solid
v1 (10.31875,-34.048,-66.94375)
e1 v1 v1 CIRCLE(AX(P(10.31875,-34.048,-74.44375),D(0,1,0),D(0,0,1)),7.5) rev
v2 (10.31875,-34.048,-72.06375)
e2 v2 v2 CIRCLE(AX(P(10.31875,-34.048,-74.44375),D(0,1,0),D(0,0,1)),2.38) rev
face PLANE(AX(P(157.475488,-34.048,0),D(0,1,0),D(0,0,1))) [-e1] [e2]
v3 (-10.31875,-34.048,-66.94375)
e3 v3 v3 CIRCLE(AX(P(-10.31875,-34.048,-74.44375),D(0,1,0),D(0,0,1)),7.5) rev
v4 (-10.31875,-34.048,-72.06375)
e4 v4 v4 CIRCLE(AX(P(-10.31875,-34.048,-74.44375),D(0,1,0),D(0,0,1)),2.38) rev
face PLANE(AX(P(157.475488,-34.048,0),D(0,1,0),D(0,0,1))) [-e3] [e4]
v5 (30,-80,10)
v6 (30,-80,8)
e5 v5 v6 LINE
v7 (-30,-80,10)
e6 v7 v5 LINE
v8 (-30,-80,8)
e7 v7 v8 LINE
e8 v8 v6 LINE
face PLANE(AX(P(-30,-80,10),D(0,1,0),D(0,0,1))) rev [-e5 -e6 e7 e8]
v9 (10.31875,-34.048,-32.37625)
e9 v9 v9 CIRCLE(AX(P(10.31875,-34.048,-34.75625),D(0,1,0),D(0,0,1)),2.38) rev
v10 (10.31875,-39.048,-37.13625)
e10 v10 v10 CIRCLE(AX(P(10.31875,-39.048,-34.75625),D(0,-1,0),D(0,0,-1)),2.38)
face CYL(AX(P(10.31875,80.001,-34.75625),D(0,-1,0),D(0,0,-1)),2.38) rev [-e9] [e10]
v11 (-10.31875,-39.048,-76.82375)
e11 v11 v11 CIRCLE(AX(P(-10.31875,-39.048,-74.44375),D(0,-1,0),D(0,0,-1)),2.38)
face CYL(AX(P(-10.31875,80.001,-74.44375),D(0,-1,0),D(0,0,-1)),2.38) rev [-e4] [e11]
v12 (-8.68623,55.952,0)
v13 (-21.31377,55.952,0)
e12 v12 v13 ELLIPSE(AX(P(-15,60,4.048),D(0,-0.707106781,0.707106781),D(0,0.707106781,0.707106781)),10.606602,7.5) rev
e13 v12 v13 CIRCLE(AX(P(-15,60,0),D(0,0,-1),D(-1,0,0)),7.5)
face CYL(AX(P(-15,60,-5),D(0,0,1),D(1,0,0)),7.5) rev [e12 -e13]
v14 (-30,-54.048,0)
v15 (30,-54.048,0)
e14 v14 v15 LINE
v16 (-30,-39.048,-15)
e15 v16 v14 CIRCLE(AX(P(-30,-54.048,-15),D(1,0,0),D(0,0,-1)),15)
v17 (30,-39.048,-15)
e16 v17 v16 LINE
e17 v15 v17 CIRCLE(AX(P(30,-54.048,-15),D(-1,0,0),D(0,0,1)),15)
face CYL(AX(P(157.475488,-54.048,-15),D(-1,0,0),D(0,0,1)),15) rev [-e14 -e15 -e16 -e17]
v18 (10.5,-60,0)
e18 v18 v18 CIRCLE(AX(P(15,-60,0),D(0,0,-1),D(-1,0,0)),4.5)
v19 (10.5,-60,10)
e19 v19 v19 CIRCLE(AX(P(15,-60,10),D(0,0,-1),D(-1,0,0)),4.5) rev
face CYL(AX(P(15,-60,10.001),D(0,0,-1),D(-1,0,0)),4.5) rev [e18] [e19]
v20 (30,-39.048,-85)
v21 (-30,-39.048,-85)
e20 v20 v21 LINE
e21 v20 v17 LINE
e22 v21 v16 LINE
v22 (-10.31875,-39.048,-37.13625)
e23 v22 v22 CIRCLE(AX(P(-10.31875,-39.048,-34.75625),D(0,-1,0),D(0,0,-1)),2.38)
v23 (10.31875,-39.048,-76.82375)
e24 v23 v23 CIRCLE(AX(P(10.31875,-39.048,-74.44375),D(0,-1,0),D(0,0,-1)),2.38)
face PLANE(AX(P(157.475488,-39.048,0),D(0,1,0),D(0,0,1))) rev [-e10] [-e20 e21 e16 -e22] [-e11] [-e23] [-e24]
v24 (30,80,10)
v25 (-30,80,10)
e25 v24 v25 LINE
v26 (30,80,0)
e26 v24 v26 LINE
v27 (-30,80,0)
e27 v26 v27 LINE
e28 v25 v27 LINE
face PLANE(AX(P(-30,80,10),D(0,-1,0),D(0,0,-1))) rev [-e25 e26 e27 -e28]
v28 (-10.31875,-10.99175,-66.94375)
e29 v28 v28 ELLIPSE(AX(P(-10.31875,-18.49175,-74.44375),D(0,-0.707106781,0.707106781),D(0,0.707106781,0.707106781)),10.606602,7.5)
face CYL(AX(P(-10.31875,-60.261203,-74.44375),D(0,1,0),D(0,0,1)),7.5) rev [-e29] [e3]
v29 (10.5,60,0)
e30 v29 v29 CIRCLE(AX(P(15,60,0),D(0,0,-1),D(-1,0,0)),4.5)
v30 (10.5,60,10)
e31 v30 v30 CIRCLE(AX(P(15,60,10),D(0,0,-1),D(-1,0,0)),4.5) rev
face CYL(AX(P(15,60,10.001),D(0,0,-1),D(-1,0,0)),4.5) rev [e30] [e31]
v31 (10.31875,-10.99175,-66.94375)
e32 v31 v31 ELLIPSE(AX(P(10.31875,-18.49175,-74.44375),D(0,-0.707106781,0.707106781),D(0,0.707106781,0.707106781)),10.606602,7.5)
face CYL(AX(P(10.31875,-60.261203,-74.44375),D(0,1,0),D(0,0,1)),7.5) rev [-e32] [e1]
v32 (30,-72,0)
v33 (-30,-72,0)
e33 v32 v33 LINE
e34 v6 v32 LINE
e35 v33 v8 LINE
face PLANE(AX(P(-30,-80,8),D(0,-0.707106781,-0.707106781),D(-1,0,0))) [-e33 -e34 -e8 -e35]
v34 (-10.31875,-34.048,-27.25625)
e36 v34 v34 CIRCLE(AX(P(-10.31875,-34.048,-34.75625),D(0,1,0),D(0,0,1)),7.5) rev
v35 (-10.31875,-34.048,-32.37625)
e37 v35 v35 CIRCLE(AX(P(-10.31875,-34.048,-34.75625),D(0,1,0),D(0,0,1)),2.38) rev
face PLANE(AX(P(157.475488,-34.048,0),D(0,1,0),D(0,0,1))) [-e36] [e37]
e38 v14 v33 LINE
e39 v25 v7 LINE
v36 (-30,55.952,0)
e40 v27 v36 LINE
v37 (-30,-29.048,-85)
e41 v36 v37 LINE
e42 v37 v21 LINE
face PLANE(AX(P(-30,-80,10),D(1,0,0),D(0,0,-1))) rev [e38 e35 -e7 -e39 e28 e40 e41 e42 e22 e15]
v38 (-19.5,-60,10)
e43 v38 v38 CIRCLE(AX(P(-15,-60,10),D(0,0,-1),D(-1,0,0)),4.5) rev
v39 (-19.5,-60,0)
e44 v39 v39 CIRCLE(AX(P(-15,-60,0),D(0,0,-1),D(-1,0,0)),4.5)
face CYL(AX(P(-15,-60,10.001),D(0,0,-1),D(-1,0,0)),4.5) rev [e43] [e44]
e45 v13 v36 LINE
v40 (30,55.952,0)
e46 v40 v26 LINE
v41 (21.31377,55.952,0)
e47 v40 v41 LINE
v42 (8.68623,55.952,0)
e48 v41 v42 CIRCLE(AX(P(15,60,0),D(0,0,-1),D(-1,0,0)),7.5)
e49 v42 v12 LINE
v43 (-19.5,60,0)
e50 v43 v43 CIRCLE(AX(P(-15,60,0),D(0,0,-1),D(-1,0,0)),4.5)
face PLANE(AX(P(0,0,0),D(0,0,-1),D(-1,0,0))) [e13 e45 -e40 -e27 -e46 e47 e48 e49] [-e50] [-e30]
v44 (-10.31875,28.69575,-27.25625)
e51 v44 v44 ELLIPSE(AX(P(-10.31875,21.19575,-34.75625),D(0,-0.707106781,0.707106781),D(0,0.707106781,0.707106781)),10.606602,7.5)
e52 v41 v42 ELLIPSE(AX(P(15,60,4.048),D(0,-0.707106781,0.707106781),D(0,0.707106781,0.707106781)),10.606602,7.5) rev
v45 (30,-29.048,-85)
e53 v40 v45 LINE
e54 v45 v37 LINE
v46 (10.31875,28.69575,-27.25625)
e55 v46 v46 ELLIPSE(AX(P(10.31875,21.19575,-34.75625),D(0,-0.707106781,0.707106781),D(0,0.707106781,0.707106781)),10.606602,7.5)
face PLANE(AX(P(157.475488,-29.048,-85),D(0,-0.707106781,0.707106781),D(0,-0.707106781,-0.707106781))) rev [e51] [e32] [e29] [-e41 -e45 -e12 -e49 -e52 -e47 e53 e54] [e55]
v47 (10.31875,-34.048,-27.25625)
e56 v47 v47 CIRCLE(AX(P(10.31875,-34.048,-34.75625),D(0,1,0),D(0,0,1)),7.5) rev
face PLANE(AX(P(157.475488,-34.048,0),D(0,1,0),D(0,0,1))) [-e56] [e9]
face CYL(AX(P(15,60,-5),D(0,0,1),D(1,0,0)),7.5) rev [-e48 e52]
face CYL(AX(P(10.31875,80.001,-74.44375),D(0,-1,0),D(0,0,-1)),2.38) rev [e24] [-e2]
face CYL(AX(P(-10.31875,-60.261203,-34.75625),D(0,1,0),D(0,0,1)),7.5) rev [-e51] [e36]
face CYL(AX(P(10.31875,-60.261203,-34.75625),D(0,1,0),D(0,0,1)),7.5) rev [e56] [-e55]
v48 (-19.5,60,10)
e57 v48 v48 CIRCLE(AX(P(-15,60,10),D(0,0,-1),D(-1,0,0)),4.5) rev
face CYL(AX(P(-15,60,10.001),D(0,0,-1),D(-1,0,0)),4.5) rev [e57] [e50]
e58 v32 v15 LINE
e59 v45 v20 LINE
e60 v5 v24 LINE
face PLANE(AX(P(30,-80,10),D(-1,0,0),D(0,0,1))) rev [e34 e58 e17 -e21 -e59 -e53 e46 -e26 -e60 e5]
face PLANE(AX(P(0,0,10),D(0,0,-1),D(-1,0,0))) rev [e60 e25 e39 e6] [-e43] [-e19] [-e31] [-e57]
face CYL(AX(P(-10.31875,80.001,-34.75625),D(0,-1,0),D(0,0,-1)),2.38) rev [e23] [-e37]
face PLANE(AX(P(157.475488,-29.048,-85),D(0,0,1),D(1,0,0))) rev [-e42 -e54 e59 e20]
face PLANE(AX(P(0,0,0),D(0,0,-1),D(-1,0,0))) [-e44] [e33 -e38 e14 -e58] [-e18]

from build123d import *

# Parameters (mm, degrees)
SKETCH1_W                       = 60
SKETCH1_H                       = 160
BOSS_EXTRUDE1_DEPTH             = 10
BOSS_EXTRUDE2_REACH             = 32
BOSS_EXTRUDE2_DIRECTION_2_REACH = 32
CUT_EXTRUDE1_REACH              = 121.048
SKETCH3_R                       = 2.38
CHAMFER1_SIZE                   = 8
CUT_EXTRUDE2_REACH              = 12
SKETCH4_R                       = 4.5
SKETCH5_R                       = 7.5
CUT_EXTRUDE4_DEPTH              = 114.048
SKETCH6_R                       = 7.5
CUT_EXTRUDE5_DEPTH              = 5
FILLET1_R                       = 15


with BuildPart() as part:
    # Sketch1 → Boss-Extrude1 (new body)
    with BuildSketch(Plane.XY):
        Rectangle(SKETCH1_W, SKETCH1_H)
    extrude(amount=BOSS_EXTRUDE1_DEPTH)

    # Boss-Extrude2: up to this face of the body (flat: up to its plane)
    boss_extrude2_end = Plane(part.part.faces().sort_by_distance((30, 0, 5))[0])
    # Sketch2 → Boss-Extrude2 (add, up to the picked face)
    with BuildSketch(Plane(origin=(0, 0, 0), x_dir=(0, 0, -1), z_dir=(1, 0, 0)), mode=Mode.PRIVATE) as boss_extrude2_sk1:
        Polygon((0, -29.048), (0, -39.048), (85, -39.048), (85, -29.048), (0, 55.952), align=None)
    boss_extrude2_tool1 = split(extrude(boss_extrude2_sk1.sketch, amount=BOSS_EXTRUDE2_REACH, mode=Mode.PRIVATE), bisect_by=boss_extrude2_end, keep=Keep.BOTH, mode=Mode.PRIVATE)
    add(boss_extrude2_tool1.solids().sort_by_distance((0, -7.063873, -31.031746))[0])

    # Boss-Extrude2 direction 2: up to this face of the body (flat: up to its plane)
    boss_extrude2_direction_2_end = Plane(part.part.faces().sort_by_distance((-30, 0, 5))[0])
    # Sketch2 → Boss-Extrude2 direction 2 (add, up to the picked face)
    with BuildSketch(Plane(origin=(0, 0, 0), x_dir=(0, 0, -1), z_dir=(1, 0, 0)), mode=Mode.PRIVATE) as boss_extrude2_direction_2_sk1:
        Polygon((0, -29.048), (0, -39.048), (85, -39.048), (85, -29.048), (0, 55.952), align=None)
    boss_extrude2_direction_2_tool1 = split(extrude(boss_extrude2_direction_2_sk1.sketch, amount=-BOSS_EXTRUDE2_DIRECTION_2_REACH, mode=Mode.PRIVATE), bisect_by=boss_extrude2_direction_2_end, keep=Keep.BOTH, mode=Mode.PRIVATE)
    add(boss_extrude2_direction_2_tool1.solids().sort_by_distance((0, -7.063873, -31.031746))[0])

    # Sketch3 → Cut-Extrude1 (cut, up to next)
    with BuildSketch(Plane.XZ.offset(39.048), mode=Mode.PRIVATE) as cut_extrude1_sk1:
        with Locations((-10.31875, -34.75625)):
            Circle(SKETCH3_R)
    cut_extrude1_tool1 = extrude(cut_extrude1_sk1.sketch, amount=-CUT_EXTRUDE1_REACH, mode=Mode.PRIVATE) & part.part
    add(cut_extrude1_tool1.solids().sort_by_distance((-10.31875, -39.048, -34.75625))[0], mode=Mode.SUBTRACT)
    # Sketch3 → Cut-Extrude1 (cut, up to next)
    with BuildSketch(Plane.XZ.offset(39.048), mode=Mode.PRIVATE) as cut_extrude1_sk2:
        with Locations((10.31875, -34.75625)):
            Circle(SKETCH3_R)
    cut_extrude1_tool2 = extrude(cut_extrude1_sk2.sketch, amount=-CUT_EXTRUDE1_REACH, mode=Mode.PRIVATE) & part.part
    add(cut_extrude1_tool2.solids().sort_by_distance((10.31875, -39.048, -34.75625))[0], mode=Mode.SUBTRACT)
    # Sketch3 → Cut-Extrude1 (cut, up to next)
    with BuildSketch(Plane.XZ.offset(39.048), mode=Mode.PRIVATE) as cut_extrude1_sk3:
        with Locations((10.31875, -74.44375)):
            Circle(SKETCH3_R)
    cut_extrude1_tool3 = extrude(cut_extrude1_sk3.sketch, amount=-CUT_EXTRUDE1_REACH, mode=Mode.PRIVATE) & part.part
    add(cut_extrude1_tool3.solids().sort_by_distance((10.31875, -39.048, -74.44375))[0], mode=Mode.SUBTRACT)
    # Sketch3 → Cut-Extrude1 (cut, up to next)
    with BuildSketch(Plane.XZ.offset(39.048), mode=Mode.PRIVATE) as cut_extrude1_sk4:
        with Locations((-10.31875, -74.44375)):
            Circle(SKETCH3_R)
    cut_extrude1_tool4 = extrude(cut_extrude1_sk4.sketch, amount=-CUT_EXTRUDE1_REACH, mode=Mode.PRIVATE) & part.part
    add(cut_extrude1_tool4.solids().sort_by_distance((-10.31875, -39.048, -74.44375))[0], mode=Mode.SUBTRACT)

    # Chamfer1
    chamfer1_edges = [part.edges().sort_by_distance(p)[0] for p in [
        (0, -80, 0),
    ]]
    chamfer(chamfer1_edges, length=CHAMFER1_SIZE)

    # Sketch4 → Cut-Extrude2 (cut, up to next)
    with BuildSketch(Plane(origin=(0, 0, 0), x_dir=(-1, 0, 0), z_dir=(0, 0, -1)), mode=Mode.PRIVATE) as cut_extrude2_sk1:
        with Locations((-15, -60)):
            Circle(SKETCH4_R)
    cut_extrude2_tool1 = extrude(cut_extrude2_sk1.sketch, amount=-CUT_EXTRUDE2_REACH, mode=Mode.PRIVATE) & part.part
    add(cut_extrude2_tool1.solids().sort_by_distance((15, -60, 0))[0], mode=Mode.SUBTRACT)
    # Sketch4 → Cut-Extrude2 (cut, up to next)
    with BuildSketch(Plane(origin=(0, 0, 0), x_dir=(-1, 0, 0), z_dir=(0, 0, -1)), mode=Mode.PRIVATE) as cut_extrude2_sk2:
        with Locations((15, -60)):
            Circle(SKETCH4_R)
    cut_extrude2_tool2 = extrude(cut_extrude2_sk2.sketch, amount=-CUT_EXTRUDE2_REACH, mode=Mode.PRIVATE) & part.part
    add(cut_extrude2_tool2.solids().sort_by_distance((-15, -60, 0))[0], mode=Mode.SUBTRACT)
    # Sketch4 → Cut-Extrude2 (cut, up to next)
    with BuildSketch(Plane(origin=(0, 0, 0), x_dir=(-1, 0, 0), z_dir=(0, 0, -1)), mode=Mode.PRIVATE) as cut_extrude2_sk3:
        with Locations((-15, 60)):
            Circle(SKETCH4_R)
    cut_extrude2_tool3 = extrude(cut_extrude2_sk3.sketch, amount=-CUT_EXTRUDE2_REACH, mode=Mode.PRIVATE) & part.part
    add(cut_extrude2_tool3.solids().sort_by_distance((15, 60, 0))[0], mode=Mode.SUBTRACT)
    # Sketch4 → Cut-Extrude2 (cut, up to next)
    with BuildSketch(Plane(origin=(0, 0, 0), x_dir=(-1, 0, 0), z_dir=(0, 0, -1)), mode=Mode.PRIVATE) as cut_extrude2_sk4:
        with Locations((15, 60)):
            Circle(SKETCH4_R)
    cut_extrude2_tool4 = extrude(cut_extrude2_sk4.sketch, amount=-CUT_EXTRUDE2_REACH, mode=Mode.PRIVATE) & part.part
    add(cut_extrude2_tool4.solids().sort_by_distance((-15, 60, 0))[0], mode=Mode.SUBTRACT)

    # Sketch5 → Cut-Extrude4 (cut)
    with BuildSketch(Plane(origin=(0, 80, 0), x_dir=(1, 0, 0), z_dir=(0, 1, 0))):
        with Locations((-10.31875, 74.44375)):
            Circle(SKETCH5_R)
        with Locations((10.31875, 74.44375)):
            Circle(SKETCH5_R)
        with Locations((-10.31875, 34.75625)):
            Circle(SKETCH5_R)
        with Locations((10.31875, 34.75625)):
            Circle(SKETCH5_R)
    extrude(amount=-CUT_EXTRUDE4_DEPTH, mode=Mode.SUBTRACT)

    # Sketch6 → Cut-Extrude5 (cut)
    with BuildSketch(Plane(origin=(0, 0, 0), x_dir=(-1, 0, 0), z_dir=(0, 0, -1))):
        with Locations((-15, 60)):
            Circle(SKETCH6_R)
        with Locations((15, 60)):
            Circle(SKETCH6_R)
    extrude(amount=CUT_EXTRUDE5_DEPTH, mode=Mode.SUBTRACT)

    # Fillet1
    fillet1_edges = [part.edges().sort_by_distance(p)[0] for p in [
        (0, -39.048, 0),
    ]]
    fillet(fillet1_edges, radius=FILLET1_R)


solid = part.part
